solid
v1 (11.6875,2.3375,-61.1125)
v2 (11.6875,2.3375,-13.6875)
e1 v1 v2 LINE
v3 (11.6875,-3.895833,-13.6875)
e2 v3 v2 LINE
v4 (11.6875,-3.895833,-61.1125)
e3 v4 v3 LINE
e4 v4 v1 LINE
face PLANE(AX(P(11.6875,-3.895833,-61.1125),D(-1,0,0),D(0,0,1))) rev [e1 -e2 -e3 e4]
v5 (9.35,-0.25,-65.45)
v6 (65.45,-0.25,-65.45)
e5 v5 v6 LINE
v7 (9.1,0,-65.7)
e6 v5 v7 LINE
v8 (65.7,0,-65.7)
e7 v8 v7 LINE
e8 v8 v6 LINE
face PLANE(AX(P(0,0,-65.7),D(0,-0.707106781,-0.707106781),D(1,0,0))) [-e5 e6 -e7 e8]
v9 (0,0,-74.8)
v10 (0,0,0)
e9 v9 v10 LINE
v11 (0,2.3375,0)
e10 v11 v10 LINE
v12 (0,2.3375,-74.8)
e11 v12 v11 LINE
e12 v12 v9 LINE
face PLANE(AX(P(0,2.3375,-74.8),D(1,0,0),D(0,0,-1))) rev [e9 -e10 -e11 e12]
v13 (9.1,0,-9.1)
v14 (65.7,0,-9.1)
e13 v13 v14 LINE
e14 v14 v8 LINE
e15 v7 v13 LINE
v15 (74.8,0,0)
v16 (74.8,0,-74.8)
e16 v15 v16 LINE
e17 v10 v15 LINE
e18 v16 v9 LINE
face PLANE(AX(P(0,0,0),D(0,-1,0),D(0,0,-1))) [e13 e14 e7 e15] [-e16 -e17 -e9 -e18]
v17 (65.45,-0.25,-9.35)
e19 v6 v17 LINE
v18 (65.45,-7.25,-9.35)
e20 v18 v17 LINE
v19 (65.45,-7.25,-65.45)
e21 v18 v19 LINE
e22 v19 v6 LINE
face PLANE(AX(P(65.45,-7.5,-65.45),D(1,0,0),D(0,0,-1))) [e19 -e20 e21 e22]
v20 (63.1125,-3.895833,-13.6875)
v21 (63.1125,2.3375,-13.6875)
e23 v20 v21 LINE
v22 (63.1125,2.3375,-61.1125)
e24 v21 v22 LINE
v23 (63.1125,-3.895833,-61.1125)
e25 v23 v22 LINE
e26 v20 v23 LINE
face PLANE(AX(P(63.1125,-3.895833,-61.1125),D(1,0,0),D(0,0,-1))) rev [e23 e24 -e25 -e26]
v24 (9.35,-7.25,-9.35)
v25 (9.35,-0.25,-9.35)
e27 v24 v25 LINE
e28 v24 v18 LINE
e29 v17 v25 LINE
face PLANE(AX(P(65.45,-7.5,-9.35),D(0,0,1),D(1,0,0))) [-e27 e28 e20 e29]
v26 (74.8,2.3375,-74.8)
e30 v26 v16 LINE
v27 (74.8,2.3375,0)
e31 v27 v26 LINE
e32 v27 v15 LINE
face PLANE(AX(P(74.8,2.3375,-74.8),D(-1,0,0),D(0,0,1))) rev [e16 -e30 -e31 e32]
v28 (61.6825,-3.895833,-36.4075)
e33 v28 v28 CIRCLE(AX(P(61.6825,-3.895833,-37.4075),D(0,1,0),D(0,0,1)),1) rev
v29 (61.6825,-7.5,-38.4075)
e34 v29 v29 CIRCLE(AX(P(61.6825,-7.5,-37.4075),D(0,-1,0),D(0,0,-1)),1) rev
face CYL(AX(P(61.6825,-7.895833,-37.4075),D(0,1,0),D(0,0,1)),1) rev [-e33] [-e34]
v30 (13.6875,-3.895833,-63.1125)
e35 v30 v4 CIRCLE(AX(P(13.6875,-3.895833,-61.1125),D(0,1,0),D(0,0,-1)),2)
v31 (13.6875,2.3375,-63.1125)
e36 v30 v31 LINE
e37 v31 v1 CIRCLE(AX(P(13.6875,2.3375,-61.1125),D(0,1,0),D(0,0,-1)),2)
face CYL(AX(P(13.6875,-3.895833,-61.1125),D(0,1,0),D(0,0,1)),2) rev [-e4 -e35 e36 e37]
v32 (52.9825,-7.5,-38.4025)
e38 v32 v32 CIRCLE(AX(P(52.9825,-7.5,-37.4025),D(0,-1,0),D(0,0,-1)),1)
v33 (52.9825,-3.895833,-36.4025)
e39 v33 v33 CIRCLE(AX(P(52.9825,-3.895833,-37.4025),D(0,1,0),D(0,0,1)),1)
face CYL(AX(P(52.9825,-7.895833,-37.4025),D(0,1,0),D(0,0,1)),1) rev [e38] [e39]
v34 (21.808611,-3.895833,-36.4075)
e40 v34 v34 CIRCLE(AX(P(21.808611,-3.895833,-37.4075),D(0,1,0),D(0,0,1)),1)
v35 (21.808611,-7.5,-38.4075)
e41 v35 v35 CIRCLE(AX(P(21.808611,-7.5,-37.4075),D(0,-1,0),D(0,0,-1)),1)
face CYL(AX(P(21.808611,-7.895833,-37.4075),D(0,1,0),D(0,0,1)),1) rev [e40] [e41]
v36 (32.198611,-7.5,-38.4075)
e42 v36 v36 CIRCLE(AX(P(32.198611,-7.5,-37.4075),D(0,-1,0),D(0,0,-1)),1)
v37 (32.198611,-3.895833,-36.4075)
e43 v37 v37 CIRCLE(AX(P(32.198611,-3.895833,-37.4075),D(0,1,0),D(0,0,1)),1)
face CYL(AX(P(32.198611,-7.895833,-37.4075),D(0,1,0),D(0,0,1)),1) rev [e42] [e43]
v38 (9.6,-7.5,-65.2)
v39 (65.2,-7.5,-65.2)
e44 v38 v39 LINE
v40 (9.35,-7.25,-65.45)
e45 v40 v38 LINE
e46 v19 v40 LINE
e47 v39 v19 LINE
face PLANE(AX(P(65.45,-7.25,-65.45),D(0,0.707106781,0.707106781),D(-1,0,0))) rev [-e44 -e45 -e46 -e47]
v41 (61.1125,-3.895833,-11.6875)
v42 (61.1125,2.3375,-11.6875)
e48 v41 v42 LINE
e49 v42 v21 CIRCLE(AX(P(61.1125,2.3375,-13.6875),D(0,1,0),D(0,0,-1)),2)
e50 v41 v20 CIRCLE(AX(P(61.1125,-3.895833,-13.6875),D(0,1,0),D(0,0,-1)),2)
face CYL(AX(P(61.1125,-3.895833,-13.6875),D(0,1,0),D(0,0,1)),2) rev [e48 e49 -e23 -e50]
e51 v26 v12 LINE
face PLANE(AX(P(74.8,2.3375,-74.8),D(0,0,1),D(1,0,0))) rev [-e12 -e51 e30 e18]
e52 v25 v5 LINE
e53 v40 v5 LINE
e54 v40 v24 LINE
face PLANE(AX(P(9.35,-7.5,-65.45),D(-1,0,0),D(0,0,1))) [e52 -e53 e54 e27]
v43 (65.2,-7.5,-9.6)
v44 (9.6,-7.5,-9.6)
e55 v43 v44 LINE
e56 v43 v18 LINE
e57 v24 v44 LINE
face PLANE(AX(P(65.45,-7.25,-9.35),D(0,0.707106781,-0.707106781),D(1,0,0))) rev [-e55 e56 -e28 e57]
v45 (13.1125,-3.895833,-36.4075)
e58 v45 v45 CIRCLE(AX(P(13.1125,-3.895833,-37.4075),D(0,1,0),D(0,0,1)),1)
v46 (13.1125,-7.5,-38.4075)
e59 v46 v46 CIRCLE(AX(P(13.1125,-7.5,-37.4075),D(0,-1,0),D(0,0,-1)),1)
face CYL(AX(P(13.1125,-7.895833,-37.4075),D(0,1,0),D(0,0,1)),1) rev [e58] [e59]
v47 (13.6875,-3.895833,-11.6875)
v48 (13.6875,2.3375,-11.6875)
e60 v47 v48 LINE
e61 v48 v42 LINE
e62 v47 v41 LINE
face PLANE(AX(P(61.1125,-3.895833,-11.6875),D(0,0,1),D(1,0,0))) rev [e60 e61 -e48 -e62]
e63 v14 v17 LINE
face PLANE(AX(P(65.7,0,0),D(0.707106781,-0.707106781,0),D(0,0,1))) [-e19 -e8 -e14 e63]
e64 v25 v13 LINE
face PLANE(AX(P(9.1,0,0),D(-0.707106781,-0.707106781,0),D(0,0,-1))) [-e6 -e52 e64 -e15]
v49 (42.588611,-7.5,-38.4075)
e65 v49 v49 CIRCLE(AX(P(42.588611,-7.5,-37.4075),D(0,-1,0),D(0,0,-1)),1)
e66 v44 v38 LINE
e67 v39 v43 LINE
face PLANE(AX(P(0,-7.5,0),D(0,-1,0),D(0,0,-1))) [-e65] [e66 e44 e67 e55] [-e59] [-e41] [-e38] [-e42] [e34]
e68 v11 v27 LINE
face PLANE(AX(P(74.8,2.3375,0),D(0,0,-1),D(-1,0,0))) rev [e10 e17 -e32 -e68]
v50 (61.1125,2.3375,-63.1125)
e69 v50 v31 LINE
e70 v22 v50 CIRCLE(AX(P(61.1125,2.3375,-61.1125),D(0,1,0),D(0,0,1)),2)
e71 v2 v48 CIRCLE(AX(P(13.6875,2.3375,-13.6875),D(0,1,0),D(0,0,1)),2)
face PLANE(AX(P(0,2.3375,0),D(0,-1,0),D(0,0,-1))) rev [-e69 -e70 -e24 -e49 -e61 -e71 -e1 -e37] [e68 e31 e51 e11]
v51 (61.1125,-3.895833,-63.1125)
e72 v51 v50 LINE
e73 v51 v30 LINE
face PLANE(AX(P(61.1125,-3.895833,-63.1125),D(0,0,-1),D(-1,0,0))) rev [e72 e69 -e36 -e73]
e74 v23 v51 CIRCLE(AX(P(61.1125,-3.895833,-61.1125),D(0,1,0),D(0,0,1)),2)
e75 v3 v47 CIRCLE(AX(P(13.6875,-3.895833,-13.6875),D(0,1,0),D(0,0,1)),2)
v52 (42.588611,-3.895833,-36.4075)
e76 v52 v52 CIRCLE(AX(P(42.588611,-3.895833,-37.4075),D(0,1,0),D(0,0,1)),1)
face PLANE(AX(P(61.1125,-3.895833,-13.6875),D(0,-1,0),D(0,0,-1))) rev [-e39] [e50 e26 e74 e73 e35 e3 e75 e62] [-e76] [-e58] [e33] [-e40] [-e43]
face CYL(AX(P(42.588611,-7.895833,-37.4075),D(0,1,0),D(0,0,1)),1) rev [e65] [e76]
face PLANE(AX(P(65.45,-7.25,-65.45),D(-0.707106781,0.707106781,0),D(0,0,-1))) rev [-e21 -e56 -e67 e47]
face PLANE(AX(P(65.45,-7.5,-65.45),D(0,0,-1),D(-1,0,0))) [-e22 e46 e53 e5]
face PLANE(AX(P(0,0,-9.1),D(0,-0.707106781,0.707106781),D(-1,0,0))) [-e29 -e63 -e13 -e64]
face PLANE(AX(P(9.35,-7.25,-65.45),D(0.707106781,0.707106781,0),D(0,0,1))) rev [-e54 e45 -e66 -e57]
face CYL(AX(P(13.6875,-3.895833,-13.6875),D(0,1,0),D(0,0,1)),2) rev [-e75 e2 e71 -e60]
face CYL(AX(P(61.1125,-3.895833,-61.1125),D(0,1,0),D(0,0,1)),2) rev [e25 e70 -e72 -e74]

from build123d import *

# Parameters (mm, degrees)
SKETCH1_W           = 74.8
SKETCH1_H           = 74.8
BOSS_EXTRUDE1_DEPTH = 2.3375
SKETCH2_W           = 56.1
SKETCH2_H           = 56.1
BOSS_EXTRUDE2_DEPTH = 7.5
CHAMFER1_SIZE       = 0.25
CUT_EXTRUDE1_DEPTH  = 6.233333333
SKETCH4_R           = 1
CUT_EXTRUDE2_DEPTH  = 4


with BuildPart() as part:
    # Sketch1 → Boss-Extrude1 (new body)
    with BuildSketch(Plane(origin=(0, 0, 0), x_dir=(1, 0, 0), z_dir=(0, 1, 0))):
        with Locations((37.4, 37.4)):
            Rectangle(SKETCH1_W, SKETCH1_H)
    extrude(amount=BOSS_EXTRUDE1_DEPTH)

    # Sketch2 → Boss-Extrude2 (add)
    with BuildSketch(Plane(origin=(0, 0, 0), x_dir=(1, 0, 0), z_dir=(0, 1, 0))):
        with Locations((37.4, 37.4)):
            Rectangle(SKETCH2_W, SKETCH2_H)
    extrude(amount=-BOSS_EXTRUDE2_DEPTH)

    # Chamfer1
    chamfer1_edges = [part.edges().sort_by_distance(p)[0] for p in [
        (9.35, -7.5, -37.4),
        (37.4, -7.5, -65.45),
        (65.45, -7.5, -37.4),
        (37.4, -7.5, -9.35),
        (9.35, 0, -37.4),
        (37.4, 0, -9.35),
        (65.45, 0, -37.4),
        (37.4, 0, -65.45),
    ]]
    chamfer(chamfer1_edges, length=CHAMFER1_SIZE)

    # Sketch3 → Cut-Extrude1 (cut)
    with BuildSketch(Plane(origin=(0, 2.3375, 0), x_dir=(1, 0, 0), z_dir=(0, 1, 0))):
        with BuildLine():
            Line((61.1125, 63.1125), (13.6875, 63.1125))
            ThreePointArc((13.6875, 63.1125), (12.273286438, 62.526713562), (11.6875, 61.1125))
            Line((11.6875, 61.1125), (11.6875, 13.6875))
            ThreePointArc((11.6875, 13.6875), (12.273286438, 12.273286438), (13.6875, 11.6875))
            Line((13.6875, 11.6875), (61.1125, 11.6875))
            ThreePointArc((61.1125, 11.6875), (62.526713562, 12.273286438), (63.1125, 13.6875))
            Line((63.1125, 13.6875), (63.1125, 61.1125))
            ThreePointArc((63.1125, 61.1125), (62.526713562, 62.526713562), (61.1125, 63.1125))
        make_face()
    extrude(amount=-CUT_EXTRUDE1_DEPTH, mode=Mode.SUBTRACT)

    # Sketch4 → Cut-Extrude2 (cut)
    with BuildSketch(Plane(origin=(0, -3.895833333, 0), x_dir=(1, 0, 0), z_dir=(0, 1, 0))):
        with Locations(Location((13.1125, 37.4075, 0), (0, 0, 270))):
            Circle(SKETCH4_R)
        with Locations(Location((21.808611106, 37.4075, 0), (0, 0, 270))):
            Circle(SKETCH4_R)
        with Locations(Location((32.198611106, 37.4075, 0), (0, 0, 270))):
            Circle(SKETCH4_R)
        with Locations(Location((42.588611106, 37.4075, 0), (0, 0, 270))):
            Circle(SKETCH4_R)
        with Locations(Location((52.982499988, 37.4025, 0), (0, 0, 270))):
            Circle(SKETCH4_R)
        with Locations(Location((61.6825, 37.4075, 0), (0, 0, 270))):
            Circle(SKETCH4_R)
    extrude(amount=-CUT_EXTRUDE2_DEPTH, mode=Mode.SUBTRACT)


solid = part.part
